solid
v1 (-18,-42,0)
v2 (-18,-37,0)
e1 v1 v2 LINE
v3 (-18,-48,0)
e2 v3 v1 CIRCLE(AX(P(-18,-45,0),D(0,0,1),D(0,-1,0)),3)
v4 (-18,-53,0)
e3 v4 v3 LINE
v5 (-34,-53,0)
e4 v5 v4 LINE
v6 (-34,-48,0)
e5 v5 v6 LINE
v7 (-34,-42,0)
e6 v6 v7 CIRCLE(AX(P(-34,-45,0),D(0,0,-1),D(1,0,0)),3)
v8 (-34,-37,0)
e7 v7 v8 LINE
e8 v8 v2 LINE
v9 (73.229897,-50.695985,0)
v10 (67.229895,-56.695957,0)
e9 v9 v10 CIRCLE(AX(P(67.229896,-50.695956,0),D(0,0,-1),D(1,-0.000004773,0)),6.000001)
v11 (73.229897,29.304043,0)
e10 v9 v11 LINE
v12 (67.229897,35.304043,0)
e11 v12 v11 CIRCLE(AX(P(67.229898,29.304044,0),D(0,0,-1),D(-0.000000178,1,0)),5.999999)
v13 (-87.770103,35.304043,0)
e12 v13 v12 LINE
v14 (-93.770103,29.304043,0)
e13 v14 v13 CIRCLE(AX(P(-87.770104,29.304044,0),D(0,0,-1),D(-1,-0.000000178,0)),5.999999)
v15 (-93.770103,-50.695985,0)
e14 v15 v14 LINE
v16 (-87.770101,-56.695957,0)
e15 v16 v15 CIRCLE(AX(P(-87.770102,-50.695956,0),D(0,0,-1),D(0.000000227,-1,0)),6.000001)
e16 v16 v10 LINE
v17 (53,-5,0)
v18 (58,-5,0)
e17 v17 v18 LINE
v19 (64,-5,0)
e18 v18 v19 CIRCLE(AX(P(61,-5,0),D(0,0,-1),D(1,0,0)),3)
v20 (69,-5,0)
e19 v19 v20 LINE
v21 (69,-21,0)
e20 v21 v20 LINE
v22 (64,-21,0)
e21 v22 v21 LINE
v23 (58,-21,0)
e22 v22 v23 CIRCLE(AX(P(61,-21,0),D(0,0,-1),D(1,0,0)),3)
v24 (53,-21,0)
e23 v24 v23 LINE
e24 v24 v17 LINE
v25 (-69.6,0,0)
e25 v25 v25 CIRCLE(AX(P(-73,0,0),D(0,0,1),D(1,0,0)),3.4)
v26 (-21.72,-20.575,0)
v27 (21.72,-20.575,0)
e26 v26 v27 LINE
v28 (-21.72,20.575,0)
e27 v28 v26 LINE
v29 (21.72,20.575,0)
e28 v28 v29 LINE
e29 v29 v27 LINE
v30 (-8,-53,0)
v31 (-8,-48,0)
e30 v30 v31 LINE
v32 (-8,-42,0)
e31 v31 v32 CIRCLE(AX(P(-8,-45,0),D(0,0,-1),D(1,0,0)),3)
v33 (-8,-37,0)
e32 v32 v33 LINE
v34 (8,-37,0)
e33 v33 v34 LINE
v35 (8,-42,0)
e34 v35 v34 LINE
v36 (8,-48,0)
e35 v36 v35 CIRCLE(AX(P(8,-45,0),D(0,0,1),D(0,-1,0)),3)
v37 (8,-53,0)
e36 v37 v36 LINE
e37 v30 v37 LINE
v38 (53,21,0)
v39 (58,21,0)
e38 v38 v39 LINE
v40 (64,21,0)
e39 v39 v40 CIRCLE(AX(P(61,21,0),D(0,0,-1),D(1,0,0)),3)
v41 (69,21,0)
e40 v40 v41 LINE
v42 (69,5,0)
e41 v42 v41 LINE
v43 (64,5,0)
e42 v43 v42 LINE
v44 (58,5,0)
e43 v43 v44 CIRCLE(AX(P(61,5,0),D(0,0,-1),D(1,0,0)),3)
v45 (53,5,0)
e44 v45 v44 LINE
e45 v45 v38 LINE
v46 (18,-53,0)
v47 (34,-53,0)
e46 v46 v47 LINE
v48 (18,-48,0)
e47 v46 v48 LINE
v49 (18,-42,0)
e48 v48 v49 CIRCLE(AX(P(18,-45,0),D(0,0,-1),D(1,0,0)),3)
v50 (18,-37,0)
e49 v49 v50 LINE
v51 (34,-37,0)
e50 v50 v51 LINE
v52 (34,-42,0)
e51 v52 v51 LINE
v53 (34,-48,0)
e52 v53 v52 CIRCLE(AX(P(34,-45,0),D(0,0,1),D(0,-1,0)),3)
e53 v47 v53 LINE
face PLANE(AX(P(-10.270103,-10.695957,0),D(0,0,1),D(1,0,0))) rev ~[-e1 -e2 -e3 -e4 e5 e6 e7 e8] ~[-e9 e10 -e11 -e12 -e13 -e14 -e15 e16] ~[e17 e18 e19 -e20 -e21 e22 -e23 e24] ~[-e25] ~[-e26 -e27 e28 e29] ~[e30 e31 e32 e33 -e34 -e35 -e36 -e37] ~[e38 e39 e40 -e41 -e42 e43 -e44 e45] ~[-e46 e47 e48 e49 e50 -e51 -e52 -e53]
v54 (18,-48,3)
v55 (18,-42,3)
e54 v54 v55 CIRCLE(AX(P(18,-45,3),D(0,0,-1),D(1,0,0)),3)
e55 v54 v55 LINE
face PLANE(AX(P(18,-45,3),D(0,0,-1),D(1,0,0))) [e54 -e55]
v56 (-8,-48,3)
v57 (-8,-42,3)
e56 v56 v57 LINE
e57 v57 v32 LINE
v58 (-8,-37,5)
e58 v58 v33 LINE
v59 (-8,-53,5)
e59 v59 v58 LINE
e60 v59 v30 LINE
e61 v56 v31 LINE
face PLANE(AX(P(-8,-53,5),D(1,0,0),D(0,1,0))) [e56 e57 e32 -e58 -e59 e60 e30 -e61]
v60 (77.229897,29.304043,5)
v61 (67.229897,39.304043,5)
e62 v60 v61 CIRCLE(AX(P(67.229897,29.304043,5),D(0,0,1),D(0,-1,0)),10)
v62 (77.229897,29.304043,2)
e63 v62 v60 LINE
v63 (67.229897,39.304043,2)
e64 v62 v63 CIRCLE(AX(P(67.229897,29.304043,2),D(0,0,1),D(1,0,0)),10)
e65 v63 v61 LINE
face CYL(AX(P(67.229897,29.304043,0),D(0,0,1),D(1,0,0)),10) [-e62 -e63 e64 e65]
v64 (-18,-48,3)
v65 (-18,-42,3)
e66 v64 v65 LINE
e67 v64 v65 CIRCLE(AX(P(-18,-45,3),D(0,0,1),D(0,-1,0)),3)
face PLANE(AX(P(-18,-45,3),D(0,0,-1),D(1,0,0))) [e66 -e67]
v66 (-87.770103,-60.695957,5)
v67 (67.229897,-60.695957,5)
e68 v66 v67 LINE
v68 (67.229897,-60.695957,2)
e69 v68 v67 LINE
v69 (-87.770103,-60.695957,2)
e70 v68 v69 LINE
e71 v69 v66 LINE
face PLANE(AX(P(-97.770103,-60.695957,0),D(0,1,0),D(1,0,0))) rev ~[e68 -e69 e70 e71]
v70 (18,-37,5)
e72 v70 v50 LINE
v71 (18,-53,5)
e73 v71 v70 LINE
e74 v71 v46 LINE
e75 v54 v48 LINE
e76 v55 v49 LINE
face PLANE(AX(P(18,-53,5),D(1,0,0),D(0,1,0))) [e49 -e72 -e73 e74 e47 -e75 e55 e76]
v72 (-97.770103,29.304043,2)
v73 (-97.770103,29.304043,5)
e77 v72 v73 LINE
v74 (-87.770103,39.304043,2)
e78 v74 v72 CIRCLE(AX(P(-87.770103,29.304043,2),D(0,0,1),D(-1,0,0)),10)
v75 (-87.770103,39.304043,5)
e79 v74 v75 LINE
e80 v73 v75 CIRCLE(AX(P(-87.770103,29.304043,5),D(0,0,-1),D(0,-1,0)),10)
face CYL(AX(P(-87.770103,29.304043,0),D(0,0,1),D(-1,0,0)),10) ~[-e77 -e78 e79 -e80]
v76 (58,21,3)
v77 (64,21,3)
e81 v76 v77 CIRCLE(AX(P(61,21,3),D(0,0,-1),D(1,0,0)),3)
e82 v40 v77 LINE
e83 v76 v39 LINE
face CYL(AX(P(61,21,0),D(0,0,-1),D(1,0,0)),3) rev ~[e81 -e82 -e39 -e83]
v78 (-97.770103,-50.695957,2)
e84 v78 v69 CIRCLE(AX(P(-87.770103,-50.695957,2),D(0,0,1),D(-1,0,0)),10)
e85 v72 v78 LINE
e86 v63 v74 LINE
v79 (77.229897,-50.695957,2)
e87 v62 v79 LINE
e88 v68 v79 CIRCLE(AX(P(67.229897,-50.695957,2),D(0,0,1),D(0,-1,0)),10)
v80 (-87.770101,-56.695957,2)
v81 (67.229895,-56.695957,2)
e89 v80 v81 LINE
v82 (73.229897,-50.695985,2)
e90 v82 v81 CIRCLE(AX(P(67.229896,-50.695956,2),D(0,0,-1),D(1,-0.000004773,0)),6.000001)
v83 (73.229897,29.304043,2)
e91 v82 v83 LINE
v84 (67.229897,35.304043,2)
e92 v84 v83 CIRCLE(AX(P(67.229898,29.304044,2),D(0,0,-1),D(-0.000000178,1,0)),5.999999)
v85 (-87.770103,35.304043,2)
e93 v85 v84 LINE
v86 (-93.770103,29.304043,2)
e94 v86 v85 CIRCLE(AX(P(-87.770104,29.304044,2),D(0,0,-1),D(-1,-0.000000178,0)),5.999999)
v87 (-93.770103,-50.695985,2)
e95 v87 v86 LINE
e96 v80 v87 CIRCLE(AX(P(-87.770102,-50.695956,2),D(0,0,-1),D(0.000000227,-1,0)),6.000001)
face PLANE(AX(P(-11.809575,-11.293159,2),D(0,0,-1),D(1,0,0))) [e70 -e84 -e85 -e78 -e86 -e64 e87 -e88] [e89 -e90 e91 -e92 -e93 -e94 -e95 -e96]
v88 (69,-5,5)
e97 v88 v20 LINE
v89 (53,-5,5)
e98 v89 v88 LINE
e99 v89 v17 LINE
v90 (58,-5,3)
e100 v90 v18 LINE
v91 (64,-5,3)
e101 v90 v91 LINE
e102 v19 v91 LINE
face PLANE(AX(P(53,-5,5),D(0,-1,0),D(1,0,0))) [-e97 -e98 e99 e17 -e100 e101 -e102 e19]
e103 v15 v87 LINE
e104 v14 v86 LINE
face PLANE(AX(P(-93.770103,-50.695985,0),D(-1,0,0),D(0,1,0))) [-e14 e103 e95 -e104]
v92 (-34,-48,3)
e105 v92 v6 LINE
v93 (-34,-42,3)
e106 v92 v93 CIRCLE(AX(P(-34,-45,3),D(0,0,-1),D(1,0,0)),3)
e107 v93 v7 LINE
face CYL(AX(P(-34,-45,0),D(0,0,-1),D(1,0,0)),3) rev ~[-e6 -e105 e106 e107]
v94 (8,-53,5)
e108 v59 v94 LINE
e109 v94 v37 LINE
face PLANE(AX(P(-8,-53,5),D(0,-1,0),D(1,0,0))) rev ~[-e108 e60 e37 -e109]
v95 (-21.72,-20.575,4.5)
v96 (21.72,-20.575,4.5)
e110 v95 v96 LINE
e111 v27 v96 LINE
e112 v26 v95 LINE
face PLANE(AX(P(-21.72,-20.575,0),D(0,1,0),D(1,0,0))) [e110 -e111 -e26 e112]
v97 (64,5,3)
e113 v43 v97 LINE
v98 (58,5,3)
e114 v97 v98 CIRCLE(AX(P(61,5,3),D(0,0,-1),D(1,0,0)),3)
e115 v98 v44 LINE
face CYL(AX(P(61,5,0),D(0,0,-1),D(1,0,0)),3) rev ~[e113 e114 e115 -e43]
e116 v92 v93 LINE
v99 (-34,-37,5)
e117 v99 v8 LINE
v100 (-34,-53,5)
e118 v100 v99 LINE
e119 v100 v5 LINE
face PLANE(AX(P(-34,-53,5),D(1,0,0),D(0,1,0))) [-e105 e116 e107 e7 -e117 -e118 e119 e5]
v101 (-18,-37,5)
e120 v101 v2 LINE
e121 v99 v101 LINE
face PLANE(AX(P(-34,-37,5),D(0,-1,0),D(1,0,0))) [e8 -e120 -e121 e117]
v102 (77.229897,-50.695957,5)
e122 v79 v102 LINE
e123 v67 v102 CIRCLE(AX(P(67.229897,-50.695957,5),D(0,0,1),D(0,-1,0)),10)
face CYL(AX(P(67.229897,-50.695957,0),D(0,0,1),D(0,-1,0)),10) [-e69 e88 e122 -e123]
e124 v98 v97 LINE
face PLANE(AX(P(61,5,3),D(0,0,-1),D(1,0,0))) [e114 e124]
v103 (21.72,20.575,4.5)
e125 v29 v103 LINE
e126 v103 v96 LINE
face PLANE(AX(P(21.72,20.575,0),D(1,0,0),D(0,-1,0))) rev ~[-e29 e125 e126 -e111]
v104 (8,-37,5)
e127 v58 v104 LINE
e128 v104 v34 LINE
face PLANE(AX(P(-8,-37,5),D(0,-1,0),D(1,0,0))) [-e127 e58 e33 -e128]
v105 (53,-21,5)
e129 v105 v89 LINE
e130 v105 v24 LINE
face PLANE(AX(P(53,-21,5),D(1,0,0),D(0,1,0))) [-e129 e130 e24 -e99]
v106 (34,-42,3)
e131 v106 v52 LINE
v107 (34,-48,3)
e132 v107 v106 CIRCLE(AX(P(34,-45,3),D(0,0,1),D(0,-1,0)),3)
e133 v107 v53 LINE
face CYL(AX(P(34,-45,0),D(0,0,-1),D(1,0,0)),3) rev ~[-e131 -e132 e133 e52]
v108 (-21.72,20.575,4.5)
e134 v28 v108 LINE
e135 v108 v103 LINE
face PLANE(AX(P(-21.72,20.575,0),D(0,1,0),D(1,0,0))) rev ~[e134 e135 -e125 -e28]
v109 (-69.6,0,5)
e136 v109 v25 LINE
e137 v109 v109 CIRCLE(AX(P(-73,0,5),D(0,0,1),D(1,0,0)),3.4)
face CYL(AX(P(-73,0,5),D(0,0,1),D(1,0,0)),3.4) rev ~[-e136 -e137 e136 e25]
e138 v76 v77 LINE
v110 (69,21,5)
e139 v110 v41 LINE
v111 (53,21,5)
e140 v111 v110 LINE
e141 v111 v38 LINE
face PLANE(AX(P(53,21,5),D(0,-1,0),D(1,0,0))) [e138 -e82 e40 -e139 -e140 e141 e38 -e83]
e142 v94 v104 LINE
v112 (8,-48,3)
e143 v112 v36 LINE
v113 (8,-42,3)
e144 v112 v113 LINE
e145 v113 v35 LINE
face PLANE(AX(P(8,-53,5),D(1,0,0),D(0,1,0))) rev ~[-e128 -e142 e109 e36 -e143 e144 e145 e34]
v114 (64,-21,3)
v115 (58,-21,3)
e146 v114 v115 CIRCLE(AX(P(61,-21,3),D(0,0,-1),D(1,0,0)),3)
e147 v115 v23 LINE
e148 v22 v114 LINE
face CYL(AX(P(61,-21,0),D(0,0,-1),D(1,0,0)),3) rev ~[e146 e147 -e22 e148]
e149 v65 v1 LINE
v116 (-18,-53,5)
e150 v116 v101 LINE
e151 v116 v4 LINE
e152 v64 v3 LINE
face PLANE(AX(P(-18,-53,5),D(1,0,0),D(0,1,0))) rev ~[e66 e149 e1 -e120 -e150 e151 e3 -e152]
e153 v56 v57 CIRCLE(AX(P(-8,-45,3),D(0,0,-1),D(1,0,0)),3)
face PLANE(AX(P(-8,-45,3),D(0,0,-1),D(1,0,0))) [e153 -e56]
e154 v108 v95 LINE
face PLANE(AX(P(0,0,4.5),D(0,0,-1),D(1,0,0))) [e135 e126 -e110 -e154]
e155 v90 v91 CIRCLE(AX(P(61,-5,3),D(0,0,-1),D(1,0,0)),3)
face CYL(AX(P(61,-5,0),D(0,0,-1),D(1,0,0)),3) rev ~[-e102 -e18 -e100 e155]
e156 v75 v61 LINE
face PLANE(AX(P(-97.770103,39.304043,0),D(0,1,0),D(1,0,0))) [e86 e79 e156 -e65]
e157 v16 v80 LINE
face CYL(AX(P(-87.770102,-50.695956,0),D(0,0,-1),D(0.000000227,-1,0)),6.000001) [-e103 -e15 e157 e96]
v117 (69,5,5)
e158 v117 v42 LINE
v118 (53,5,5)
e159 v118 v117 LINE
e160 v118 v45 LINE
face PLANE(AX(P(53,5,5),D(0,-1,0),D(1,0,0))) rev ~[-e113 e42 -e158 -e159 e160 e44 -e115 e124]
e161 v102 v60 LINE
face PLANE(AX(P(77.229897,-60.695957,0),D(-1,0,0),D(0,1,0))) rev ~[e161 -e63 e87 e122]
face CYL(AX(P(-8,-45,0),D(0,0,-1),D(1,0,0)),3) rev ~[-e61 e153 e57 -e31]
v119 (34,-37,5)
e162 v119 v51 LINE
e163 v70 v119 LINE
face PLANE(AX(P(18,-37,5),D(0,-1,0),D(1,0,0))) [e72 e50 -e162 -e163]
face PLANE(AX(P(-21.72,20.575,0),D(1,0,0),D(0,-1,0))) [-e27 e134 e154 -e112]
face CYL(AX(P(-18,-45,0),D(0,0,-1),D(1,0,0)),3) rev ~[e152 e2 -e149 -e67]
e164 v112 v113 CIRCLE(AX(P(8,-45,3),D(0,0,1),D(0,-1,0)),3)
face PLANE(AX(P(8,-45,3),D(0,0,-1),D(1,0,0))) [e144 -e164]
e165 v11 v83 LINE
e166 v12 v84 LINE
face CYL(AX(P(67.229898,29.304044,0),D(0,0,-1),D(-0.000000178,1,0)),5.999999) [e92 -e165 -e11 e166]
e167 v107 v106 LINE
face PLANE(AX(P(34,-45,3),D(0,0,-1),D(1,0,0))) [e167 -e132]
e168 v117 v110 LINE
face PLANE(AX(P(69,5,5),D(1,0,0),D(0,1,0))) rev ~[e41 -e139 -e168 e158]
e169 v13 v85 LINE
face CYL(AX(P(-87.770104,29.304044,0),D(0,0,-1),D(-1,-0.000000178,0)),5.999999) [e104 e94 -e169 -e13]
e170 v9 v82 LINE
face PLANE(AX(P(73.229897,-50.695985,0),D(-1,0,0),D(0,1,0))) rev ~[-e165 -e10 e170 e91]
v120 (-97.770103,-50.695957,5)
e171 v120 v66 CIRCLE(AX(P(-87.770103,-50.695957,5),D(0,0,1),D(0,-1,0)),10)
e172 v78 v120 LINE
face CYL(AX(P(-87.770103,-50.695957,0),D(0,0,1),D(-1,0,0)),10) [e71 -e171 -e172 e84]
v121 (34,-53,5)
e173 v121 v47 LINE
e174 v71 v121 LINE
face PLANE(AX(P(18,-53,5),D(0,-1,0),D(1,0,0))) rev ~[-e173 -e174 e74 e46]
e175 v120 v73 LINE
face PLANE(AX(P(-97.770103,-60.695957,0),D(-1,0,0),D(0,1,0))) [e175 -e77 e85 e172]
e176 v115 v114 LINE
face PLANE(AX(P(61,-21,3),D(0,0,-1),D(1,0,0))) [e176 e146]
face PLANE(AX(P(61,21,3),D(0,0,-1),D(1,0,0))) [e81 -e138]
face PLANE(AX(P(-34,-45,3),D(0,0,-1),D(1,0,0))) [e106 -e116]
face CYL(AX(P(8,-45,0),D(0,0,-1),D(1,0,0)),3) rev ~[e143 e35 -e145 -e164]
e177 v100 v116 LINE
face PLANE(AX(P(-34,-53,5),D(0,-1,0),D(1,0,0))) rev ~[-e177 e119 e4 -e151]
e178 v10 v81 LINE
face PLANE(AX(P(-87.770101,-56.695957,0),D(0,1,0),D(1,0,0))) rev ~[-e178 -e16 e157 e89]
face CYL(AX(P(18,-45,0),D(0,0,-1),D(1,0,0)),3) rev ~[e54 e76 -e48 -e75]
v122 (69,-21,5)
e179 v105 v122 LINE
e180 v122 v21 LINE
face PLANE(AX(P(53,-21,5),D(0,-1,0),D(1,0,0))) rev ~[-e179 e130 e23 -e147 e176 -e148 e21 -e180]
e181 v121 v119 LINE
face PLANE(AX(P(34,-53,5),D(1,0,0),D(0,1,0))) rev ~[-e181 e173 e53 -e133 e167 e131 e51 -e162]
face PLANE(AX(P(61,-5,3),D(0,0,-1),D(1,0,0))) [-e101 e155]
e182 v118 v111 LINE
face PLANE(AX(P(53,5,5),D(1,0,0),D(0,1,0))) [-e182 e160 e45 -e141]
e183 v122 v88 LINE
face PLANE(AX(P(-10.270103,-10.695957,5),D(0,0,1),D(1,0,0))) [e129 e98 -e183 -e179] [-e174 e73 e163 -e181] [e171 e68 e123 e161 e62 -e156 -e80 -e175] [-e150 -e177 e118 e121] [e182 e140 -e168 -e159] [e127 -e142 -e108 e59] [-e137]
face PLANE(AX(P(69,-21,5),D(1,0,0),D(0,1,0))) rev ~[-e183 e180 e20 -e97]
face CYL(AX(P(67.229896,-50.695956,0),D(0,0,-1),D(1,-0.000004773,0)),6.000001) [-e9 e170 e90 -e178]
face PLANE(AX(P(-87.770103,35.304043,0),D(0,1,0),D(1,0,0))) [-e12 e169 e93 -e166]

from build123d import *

# Parameters (mm, degrees)
SKETCH_W        = 175
SKETCH_H        = 100
PAD_DEPTH       = 5
FILLET_R        = 10
SKETCH001_R     = 3.4
SKETCH001_W     = 16
SKETCH001_H     = 16
POCKET_DEPTH    = 5.001
SKETCH002_W     = 189.697797
SKETCH002_H     = 117.830608
POCKET001_DEPTH = 2
SKETCH003_W     = 43.44
SKETCH003_H     = 41.15
POCKET002_DEPTH = 4.5
SKETCH004_R     = 3
POCKET003_DEPTH = 3


with BuildPart() as part:
    # Sketch → Pad (new body)
    with BuildSketch(Plane.XY):
        with Locations((-10.270103, -10.695957)):
            Rectangle(SKETCH_W, SKETCH_H)
    extrude(amount=PAD_DEPTH)

    # Fillet
    fillet_edges = [part.edges().sort_by_distance(p)[0] for p in [
        (-97.770103, -60.695957, 2.5),
        (-97.770103, 39.304043, 2.5),
        (77.229897, -60.695957, 2.5),
        (77.229897, 39.304043, 2.5),
    ]]
    fillet(fillet_edges, radius=FILLET_R)

    # Sketch001 → Pocket (cut, through all)
    with BuildSketch(Plane.XY.offset(5)):
        with Locations((-73, 0)):
            Circle(SKETCH001_R)
        with Locations((-26, -45)):
            Rectangle(SKETCH001_W, SKETCH001_H)
        with Locations((0, -45)):
            Rectangle(SKETCH001_W, SKETCH001_H)
        with Locations((26, -45)):
            Rectangle(SKETCH001_W, SKETCH001_H)
        with Locations((61, 13)):
            Rectangle(SKETCH001_W, SKETCH001_H)
        with Locations((61, -13)):
            Rectangle(SKETCH001_W, SKETCH001_H)
    extrude(amount=-POCKET_DEPTH, mode=Mode.SUBTRACT)

    # Sketch002 → Pocket001 (cut)
    with BuildSketch(Plane(origin=(0, 0, 0), x_dir=(1, 0, 0), z_dir=(0, 0, -1))):
        with Locations((-11.809575, 11.293159)):
            Rectangle(SKETCH002_W, SKETCH002_H)
        with BuildLine():
            Line((-87.770101, 56.695957), (67.229895, 56.695957))
            ThreePointArc((73.229897, 50.695985), (71.472527, 54.938608), (67.229895, 56.695957))
            Line((73.229897, 50.695985), (73.229897, -29.304043))
            ThreePointArc((67.229897, -35.304043), (71.472538, -33.546684), (73.229897, -29.304043))
            Line((-87.770103, -35.304043), (67.229897, -35.304043))
            ThreePointArc((-93.770103, -29.304043), (-92.012744, -33.546684), (-87.770103, -35.304043))
            Line((-93.770103, 50.695985), (-93.770103, -29.304043))
            ThreePointArc((-87.770101, 56.695957), (-92.012733, 54.938608), (-93.770103, 50.695985))
        make_face(mode=Mode.SUBTRACT)
    extrude(amount=-POCKET001_DEPTH, mode=Mode.SUBTRACT)

    # Sketch003 → Pocket002 (cut)
    with BuildSketch(Plane(origin=(0, 0, 0), x_dir=(1, 0, 0), z_dir=(0, 0, -1))):
        Rectangle(SKETCH003_W, SKETCH003_H)
    extrude(amount=-POCKET002_DEPTH, mode=Mode.SUBTRACT)

    # Sketch004 → Pocket003 (cut)
    with BuildSketch(Plane(origin=(0, 0, 0), x_dir=(1, 0, 0), z_dir=(0, 0, -1))):
        with Locations((-34, 45)):
            Circle(SKETCH004_R)
        with Locations((-18, 45)):
            Circle(SKETCH004_R)
        with Locations((-8, 45)):
            Circle(SKETCH004_R)
        with Locations((8, 45)):
            Circle(SKETCH004_R)
        with Locations((18, 45)):
            Circle(SKETCH004_R)
        with Locations((34, 45)):
            Circle(SKETCH004_R)
        with Locations((61, 21)):
            Circle(SKETCH004_R)
        with Locations((61, 5)):
            Circle(SKETCH004_R)
        with Locations((61, -5)):
            Circle(SKETCH004_R)
        with Locations((61, -21)):
            Circle(SKETCH004_R)
    extrude(amount=-POCKET003_DEPTH, mode=Mode.SUBTRACT)


solid = part.part
